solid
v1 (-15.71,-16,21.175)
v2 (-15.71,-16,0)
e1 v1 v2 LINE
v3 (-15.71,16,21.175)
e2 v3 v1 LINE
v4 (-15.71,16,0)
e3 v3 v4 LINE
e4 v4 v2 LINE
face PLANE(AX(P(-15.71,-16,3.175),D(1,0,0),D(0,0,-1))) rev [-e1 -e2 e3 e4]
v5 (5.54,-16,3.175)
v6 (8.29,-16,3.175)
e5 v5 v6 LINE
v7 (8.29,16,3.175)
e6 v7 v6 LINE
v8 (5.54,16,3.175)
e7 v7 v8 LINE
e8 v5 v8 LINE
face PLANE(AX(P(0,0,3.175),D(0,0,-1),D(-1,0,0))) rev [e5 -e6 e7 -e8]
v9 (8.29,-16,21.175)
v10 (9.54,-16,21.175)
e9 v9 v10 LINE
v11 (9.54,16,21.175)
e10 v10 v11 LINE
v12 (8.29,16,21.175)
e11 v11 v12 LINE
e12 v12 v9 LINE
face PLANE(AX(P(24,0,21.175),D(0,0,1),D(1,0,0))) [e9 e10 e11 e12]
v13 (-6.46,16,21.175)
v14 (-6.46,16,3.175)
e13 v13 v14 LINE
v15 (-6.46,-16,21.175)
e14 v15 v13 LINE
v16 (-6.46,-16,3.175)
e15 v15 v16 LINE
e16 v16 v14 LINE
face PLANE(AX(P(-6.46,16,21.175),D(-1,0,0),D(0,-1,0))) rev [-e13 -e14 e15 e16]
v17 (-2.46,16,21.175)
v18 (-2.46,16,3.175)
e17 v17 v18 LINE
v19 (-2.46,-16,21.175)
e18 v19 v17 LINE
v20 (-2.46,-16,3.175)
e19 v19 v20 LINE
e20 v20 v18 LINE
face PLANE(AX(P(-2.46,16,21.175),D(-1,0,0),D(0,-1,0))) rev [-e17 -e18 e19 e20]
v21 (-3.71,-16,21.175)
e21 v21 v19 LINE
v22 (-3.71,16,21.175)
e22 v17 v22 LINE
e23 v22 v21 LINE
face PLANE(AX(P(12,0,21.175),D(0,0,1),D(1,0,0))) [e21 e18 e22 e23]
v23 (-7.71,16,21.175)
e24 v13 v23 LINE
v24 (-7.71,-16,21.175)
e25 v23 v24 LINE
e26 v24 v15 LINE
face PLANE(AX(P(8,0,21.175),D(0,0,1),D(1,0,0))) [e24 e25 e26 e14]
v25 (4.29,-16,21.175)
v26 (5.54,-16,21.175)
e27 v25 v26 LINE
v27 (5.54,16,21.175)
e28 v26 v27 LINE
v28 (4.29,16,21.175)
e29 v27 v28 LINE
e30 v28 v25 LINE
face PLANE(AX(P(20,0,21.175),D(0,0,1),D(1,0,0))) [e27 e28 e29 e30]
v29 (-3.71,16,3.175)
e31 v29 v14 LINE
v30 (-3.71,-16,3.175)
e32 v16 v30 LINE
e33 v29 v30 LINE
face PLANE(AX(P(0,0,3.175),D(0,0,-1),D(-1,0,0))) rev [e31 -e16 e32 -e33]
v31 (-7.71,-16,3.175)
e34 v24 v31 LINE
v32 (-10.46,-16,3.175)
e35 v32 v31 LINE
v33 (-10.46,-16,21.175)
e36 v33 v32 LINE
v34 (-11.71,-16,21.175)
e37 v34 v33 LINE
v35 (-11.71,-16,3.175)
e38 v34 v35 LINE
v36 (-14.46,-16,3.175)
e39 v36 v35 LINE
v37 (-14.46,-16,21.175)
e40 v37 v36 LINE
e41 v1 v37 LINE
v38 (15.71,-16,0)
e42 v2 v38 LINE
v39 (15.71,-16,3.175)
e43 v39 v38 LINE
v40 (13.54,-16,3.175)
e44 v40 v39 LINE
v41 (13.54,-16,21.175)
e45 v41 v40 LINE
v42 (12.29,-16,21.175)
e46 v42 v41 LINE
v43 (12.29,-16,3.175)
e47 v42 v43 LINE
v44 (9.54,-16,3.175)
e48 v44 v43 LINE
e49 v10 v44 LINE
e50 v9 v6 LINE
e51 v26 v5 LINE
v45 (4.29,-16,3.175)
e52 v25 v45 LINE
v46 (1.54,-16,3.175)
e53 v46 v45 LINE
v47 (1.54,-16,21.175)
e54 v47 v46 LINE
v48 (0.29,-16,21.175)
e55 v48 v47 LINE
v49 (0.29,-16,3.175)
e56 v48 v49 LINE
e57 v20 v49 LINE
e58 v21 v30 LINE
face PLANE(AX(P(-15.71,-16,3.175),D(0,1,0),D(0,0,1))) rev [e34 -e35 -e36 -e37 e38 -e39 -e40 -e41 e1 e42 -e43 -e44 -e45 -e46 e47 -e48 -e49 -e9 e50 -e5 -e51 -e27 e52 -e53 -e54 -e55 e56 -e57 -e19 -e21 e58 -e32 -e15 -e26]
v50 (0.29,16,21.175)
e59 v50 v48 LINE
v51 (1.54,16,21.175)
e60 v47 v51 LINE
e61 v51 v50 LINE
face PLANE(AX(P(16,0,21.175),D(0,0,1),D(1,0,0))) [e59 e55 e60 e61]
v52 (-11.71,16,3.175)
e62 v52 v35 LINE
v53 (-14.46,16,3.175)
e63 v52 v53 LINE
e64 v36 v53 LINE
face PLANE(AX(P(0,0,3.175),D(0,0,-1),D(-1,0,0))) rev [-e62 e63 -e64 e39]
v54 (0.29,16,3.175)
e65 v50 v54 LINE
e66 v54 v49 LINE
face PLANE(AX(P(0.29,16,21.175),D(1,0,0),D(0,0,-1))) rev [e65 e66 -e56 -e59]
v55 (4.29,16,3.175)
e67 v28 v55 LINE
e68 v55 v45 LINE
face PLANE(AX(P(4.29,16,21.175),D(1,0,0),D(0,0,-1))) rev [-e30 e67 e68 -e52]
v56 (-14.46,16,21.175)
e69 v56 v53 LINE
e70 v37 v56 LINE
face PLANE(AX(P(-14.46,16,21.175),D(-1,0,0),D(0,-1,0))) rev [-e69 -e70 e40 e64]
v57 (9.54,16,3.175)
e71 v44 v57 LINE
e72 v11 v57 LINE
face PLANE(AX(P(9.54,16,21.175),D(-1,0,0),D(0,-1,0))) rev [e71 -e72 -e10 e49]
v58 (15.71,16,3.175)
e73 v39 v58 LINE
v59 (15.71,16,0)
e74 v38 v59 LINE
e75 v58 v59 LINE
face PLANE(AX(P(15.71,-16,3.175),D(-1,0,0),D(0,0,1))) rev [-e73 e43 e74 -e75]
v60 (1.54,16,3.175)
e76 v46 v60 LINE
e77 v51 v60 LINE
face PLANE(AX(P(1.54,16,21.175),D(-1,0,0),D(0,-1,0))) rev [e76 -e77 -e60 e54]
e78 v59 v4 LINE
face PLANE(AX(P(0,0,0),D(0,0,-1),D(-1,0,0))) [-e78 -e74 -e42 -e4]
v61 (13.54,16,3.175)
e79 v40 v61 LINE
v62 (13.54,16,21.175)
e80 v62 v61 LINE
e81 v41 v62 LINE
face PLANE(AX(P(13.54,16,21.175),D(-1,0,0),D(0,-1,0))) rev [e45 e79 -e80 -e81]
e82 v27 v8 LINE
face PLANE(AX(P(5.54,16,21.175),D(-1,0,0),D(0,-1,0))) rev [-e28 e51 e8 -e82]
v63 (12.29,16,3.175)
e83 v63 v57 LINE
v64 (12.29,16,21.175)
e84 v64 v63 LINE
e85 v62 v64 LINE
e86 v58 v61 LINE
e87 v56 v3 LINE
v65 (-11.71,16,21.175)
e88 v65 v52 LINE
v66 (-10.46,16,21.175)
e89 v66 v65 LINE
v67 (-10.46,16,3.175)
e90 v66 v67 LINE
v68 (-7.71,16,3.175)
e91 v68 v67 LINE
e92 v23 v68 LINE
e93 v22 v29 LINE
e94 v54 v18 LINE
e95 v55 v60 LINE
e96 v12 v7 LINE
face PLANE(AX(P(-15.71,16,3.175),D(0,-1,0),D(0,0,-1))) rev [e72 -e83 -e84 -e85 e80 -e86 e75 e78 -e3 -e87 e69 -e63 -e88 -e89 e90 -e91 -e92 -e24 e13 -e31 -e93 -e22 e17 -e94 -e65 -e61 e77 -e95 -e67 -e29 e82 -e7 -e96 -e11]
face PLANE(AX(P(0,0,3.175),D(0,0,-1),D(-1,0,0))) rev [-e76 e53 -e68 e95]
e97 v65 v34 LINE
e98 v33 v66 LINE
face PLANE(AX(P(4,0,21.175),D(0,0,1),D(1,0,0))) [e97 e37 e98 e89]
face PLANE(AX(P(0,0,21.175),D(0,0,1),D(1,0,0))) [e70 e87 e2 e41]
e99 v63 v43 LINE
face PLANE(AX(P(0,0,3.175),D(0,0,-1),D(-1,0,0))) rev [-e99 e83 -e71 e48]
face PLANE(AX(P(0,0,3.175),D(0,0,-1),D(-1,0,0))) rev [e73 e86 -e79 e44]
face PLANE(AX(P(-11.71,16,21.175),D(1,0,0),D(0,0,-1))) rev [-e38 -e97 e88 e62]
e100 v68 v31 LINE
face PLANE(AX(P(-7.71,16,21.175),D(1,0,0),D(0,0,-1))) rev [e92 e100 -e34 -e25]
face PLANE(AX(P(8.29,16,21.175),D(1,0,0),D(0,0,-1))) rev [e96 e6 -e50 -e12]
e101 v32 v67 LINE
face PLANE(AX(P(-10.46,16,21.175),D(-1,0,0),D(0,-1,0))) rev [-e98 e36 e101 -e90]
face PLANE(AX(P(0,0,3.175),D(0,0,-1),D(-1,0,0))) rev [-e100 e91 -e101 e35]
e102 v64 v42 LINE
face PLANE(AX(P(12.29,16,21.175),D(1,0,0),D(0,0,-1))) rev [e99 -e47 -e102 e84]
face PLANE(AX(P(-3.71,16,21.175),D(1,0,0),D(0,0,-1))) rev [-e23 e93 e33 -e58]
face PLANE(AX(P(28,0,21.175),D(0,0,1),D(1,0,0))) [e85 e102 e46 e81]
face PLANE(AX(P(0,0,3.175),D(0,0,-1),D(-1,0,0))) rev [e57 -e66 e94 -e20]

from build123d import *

# Parameters (mm, degrees)
SKETCH1_W           = 31.42
SKETCH1_H           = 32
BOSS_EXTRUDE1_DEPTH = 3.175
SKETCH2_W           = 1.25
SKETCH2_H           = 32
BOSS_EXTRUDE2_DEPTH = 18
LPATTERN1_COUNT     = 8
LPATTERN1_PITCH     = 4


with BuildPart() as part:
    # Sketch1 → Boss-Extrude1 (new body)
    with BuildSketch(Plane.XY):
        Rectangle(SKETCH1_W, SKETCH1_H)
    extrude(amount=BOSS_EXTRUDE1_DEPTH)

    # Sketch2 → Boss-Extrude2 (add)
    with BuildSketch(Plane.XY.offset(3.175)):
        with Locations((-15.085, 0)):
            Rectangle(SKETCH2_W, SKETCH2_H)
    boss_extrude2 = extrude(amount=BOSS_EXTRUDE2_DEPTH)

    # LPattern1: Boss-Extrude2 ×8
    with Locations(*[(i * LPATTERN1_PITCH, 0, 0) for i in range(1, LPATTERN1_COUNT)]):
        add(boss_extrude2)


solid = part.part
